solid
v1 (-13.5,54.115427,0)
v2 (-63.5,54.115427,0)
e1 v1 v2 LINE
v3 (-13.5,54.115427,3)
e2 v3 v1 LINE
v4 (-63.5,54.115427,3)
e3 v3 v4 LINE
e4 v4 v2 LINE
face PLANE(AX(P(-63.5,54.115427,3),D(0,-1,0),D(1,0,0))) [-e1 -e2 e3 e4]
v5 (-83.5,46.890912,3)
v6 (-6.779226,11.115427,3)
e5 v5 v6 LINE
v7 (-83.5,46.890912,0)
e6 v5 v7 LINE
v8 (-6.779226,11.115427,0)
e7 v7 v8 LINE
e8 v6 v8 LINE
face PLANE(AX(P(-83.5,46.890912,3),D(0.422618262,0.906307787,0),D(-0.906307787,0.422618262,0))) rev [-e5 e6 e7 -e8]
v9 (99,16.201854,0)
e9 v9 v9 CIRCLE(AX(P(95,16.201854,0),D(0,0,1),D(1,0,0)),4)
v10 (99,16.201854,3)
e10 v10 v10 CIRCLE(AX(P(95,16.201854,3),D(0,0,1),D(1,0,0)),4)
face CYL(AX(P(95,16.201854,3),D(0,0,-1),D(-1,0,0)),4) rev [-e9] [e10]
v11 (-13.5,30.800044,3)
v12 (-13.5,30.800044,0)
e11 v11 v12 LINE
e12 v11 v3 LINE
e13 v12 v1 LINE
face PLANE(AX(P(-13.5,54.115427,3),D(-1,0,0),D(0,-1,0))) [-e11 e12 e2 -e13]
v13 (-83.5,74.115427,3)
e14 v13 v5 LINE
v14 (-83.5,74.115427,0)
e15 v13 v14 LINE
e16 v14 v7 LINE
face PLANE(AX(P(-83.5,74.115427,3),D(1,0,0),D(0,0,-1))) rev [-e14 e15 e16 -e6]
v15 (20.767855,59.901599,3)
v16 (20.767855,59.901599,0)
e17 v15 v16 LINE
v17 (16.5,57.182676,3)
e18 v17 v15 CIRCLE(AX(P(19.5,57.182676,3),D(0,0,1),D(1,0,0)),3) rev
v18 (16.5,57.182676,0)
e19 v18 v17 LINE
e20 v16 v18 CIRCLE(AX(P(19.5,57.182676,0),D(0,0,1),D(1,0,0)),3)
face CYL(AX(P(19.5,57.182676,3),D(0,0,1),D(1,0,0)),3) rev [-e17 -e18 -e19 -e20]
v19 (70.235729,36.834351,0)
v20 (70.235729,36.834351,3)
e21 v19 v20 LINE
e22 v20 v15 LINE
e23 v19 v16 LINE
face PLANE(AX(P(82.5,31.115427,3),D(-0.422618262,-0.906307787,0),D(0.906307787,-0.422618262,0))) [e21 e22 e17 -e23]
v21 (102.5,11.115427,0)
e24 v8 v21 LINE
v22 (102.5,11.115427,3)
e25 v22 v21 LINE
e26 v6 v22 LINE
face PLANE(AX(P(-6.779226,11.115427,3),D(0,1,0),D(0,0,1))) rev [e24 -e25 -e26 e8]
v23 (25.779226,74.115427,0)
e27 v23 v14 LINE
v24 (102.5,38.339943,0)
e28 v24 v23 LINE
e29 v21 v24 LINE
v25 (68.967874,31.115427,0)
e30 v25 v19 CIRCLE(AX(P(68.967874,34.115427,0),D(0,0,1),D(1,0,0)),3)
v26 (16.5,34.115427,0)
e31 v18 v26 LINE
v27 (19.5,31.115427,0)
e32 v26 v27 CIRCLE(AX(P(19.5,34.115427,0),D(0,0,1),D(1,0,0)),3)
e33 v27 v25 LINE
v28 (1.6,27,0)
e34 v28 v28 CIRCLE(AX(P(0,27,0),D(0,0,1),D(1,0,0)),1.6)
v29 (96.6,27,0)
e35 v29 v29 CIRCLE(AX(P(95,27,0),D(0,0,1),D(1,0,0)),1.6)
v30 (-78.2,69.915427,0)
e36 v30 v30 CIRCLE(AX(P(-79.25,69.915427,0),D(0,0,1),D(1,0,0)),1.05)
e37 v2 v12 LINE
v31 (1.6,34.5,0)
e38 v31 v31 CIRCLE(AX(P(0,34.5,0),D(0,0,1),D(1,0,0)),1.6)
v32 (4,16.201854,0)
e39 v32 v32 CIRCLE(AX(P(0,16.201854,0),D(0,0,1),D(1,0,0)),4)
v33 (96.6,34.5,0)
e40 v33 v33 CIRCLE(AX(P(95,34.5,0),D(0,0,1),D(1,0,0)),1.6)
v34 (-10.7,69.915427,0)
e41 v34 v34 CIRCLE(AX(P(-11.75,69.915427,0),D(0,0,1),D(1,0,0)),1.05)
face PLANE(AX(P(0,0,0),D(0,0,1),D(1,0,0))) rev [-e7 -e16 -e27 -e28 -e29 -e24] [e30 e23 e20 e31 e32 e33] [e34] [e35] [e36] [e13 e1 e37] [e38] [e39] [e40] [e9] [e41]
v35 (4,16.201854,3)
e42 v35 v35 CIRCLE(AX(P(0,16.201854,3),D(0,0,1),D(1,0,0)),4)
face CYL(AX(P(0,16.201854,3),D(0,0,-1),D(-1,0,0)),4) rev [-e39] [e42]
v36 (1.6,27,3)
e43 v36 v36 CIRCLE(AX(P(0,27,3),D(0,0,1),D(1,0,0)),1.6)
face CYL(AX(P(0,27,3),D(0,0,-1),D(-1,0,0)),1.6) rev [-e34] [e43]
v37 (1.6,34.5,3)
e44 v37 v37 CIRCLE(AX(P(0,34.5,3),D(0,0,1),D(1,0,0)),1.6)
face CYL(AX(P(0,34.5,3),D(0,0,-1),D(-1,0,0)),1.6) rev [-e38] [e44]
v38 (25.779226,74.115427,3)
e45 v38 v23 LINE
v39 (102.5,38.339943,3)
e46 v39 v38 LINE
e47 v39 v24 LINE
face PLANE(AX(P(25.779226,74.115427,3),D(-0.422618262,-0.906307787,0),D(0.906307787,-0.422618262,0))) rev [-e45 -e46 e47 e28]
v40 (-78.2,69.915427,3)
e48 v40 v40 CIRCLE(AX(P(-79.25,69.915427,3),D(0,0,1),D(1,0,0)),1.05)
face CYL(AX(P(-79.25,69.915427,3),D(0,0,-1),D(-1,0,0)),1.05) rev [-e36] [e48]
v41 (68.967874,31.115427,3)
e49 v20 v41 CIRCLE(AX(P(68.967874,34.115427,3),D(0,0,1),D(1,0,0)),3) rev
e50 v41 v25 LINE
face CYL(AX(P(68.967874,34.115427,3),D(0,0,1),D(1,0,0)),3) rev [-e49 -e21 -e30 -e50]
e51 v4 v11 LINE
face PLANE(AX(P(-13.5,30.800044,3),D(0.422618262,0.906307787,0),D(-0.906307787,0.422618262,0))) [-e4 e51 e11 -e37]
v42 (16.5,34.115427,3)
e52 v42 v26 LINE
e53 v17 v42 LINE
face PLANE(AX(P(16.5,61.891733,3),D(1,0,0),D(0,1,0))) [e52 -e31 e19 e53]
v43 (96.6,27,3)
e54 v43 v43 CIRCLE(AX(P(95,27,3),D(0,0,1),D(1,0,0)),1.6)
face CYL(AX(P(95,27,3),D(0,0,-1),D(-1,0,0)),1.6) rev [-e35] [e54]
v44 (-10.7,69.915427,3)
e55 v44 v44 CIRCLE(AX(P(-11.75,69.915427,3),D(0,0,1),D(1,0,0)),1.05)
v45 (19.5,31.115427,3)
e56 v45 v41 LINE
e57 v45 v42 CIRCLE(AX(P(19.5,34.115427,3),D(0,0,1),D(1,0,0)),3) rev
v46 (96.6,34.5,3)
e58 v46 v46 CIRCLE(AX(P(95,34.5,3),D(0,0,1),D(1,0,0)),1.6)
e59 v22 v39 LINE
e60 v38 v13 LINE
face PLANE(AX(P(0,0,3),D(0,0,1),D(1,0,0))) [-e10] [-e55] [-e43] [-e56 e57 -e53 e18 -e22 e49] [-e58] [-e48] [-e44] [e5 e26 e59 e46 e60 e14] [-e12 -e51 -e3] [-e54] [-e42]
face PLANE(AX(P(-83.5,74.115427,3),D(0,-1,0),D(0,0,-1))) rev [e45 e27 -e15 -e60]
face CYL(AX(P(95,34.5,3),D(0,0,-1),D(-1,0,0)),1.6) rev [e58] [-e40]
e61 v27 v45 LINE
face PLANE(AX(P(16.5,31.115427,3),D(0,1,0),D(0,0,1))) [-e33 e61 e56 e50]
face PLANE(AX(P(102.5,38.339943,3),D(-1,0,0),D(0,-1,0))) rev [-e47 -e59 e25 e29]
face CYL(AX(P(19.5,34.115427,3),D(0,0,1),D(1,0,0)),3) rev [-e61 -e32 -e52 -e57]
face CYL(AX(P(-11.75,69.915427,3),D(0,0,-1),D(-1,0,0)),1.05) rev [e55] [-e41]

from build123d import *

# Parameters (mm, degrees)
SKETCH1_R      = 1.05
SKETCH1_R_2    = 4
SKETCH1_R_3    = 1.6
EXTRUDE1_DEPTH = 3
FILLET1_R      = 3


with BuildPart() as part:
    # Sketch1 → Extrude1 (new body)
    with BuildSketch(Plane.XY):
        Polygon((-83.5, 74.115427319), (25.779226165, 74.115427319), (102.5, 38.33994294), (102.5, 11.115427319), (-6.779226165, 11.115427319), (-83.5, 46.890911697), align=None)
        with Locations((-79.25, 69.915427319)):
            Circle(SKETCH1_R, mode=Mode.SUBTRACT)
        with Locations((-11.75, 69.915427319)):
            Circle(SKETCH1_R, mode=Mode.SUBTRACT)
        with Locations((0, 16.201854058)):
            Circle(SKETCH1_R_2, mode=Mode.SUBTRACT)
        with Locations((95, 16.201854058)):
            Circle(SKETCH1_R_2, mode=Mode.SUBTRACT)
        with Locations((95, 27)):
            Circle(SKETCH1_R_3, mode=Mode.SUBTRACT)
        with Locations((95, 34.5)):
            Circle(SKETCH1_R_3, mode=Mode.SUBTRACT)
        with Locations((0, 34.5)):
            Circle(SKETCH1_R_3, mode=Mode.SUBTRACT)
        with Locations((0, 27)):
            Circle(SKETCH1_R_3, mode=Mode.SUBTRACT)
        Polygon((-63.5, 54.115427319), (-13.5, 54.115427319), (-13.5, 30.800044411), align=None, mode=Mode.SUBTRACT)
        Polygon((16.5, 61.891732757), (16.5, 31.115427319), (82.5, 31.115427319), align=None, mode=Mode.SUBTRACT)
    extrude(amount=EXTRUDE1_DEPTH)

    # Fillet1
    fillet1_edges = [part.edges().sort_by_distance(p)[0] for p in [
        (82.5, 31.115427319, 1.5),
        (16.5, 61.891732757, 1.5),
        (16.5, 31.115427319, 1.5),
    ]]
    fillet(fillet1_edges, radius=FILLET1_R)


solid = part.part
